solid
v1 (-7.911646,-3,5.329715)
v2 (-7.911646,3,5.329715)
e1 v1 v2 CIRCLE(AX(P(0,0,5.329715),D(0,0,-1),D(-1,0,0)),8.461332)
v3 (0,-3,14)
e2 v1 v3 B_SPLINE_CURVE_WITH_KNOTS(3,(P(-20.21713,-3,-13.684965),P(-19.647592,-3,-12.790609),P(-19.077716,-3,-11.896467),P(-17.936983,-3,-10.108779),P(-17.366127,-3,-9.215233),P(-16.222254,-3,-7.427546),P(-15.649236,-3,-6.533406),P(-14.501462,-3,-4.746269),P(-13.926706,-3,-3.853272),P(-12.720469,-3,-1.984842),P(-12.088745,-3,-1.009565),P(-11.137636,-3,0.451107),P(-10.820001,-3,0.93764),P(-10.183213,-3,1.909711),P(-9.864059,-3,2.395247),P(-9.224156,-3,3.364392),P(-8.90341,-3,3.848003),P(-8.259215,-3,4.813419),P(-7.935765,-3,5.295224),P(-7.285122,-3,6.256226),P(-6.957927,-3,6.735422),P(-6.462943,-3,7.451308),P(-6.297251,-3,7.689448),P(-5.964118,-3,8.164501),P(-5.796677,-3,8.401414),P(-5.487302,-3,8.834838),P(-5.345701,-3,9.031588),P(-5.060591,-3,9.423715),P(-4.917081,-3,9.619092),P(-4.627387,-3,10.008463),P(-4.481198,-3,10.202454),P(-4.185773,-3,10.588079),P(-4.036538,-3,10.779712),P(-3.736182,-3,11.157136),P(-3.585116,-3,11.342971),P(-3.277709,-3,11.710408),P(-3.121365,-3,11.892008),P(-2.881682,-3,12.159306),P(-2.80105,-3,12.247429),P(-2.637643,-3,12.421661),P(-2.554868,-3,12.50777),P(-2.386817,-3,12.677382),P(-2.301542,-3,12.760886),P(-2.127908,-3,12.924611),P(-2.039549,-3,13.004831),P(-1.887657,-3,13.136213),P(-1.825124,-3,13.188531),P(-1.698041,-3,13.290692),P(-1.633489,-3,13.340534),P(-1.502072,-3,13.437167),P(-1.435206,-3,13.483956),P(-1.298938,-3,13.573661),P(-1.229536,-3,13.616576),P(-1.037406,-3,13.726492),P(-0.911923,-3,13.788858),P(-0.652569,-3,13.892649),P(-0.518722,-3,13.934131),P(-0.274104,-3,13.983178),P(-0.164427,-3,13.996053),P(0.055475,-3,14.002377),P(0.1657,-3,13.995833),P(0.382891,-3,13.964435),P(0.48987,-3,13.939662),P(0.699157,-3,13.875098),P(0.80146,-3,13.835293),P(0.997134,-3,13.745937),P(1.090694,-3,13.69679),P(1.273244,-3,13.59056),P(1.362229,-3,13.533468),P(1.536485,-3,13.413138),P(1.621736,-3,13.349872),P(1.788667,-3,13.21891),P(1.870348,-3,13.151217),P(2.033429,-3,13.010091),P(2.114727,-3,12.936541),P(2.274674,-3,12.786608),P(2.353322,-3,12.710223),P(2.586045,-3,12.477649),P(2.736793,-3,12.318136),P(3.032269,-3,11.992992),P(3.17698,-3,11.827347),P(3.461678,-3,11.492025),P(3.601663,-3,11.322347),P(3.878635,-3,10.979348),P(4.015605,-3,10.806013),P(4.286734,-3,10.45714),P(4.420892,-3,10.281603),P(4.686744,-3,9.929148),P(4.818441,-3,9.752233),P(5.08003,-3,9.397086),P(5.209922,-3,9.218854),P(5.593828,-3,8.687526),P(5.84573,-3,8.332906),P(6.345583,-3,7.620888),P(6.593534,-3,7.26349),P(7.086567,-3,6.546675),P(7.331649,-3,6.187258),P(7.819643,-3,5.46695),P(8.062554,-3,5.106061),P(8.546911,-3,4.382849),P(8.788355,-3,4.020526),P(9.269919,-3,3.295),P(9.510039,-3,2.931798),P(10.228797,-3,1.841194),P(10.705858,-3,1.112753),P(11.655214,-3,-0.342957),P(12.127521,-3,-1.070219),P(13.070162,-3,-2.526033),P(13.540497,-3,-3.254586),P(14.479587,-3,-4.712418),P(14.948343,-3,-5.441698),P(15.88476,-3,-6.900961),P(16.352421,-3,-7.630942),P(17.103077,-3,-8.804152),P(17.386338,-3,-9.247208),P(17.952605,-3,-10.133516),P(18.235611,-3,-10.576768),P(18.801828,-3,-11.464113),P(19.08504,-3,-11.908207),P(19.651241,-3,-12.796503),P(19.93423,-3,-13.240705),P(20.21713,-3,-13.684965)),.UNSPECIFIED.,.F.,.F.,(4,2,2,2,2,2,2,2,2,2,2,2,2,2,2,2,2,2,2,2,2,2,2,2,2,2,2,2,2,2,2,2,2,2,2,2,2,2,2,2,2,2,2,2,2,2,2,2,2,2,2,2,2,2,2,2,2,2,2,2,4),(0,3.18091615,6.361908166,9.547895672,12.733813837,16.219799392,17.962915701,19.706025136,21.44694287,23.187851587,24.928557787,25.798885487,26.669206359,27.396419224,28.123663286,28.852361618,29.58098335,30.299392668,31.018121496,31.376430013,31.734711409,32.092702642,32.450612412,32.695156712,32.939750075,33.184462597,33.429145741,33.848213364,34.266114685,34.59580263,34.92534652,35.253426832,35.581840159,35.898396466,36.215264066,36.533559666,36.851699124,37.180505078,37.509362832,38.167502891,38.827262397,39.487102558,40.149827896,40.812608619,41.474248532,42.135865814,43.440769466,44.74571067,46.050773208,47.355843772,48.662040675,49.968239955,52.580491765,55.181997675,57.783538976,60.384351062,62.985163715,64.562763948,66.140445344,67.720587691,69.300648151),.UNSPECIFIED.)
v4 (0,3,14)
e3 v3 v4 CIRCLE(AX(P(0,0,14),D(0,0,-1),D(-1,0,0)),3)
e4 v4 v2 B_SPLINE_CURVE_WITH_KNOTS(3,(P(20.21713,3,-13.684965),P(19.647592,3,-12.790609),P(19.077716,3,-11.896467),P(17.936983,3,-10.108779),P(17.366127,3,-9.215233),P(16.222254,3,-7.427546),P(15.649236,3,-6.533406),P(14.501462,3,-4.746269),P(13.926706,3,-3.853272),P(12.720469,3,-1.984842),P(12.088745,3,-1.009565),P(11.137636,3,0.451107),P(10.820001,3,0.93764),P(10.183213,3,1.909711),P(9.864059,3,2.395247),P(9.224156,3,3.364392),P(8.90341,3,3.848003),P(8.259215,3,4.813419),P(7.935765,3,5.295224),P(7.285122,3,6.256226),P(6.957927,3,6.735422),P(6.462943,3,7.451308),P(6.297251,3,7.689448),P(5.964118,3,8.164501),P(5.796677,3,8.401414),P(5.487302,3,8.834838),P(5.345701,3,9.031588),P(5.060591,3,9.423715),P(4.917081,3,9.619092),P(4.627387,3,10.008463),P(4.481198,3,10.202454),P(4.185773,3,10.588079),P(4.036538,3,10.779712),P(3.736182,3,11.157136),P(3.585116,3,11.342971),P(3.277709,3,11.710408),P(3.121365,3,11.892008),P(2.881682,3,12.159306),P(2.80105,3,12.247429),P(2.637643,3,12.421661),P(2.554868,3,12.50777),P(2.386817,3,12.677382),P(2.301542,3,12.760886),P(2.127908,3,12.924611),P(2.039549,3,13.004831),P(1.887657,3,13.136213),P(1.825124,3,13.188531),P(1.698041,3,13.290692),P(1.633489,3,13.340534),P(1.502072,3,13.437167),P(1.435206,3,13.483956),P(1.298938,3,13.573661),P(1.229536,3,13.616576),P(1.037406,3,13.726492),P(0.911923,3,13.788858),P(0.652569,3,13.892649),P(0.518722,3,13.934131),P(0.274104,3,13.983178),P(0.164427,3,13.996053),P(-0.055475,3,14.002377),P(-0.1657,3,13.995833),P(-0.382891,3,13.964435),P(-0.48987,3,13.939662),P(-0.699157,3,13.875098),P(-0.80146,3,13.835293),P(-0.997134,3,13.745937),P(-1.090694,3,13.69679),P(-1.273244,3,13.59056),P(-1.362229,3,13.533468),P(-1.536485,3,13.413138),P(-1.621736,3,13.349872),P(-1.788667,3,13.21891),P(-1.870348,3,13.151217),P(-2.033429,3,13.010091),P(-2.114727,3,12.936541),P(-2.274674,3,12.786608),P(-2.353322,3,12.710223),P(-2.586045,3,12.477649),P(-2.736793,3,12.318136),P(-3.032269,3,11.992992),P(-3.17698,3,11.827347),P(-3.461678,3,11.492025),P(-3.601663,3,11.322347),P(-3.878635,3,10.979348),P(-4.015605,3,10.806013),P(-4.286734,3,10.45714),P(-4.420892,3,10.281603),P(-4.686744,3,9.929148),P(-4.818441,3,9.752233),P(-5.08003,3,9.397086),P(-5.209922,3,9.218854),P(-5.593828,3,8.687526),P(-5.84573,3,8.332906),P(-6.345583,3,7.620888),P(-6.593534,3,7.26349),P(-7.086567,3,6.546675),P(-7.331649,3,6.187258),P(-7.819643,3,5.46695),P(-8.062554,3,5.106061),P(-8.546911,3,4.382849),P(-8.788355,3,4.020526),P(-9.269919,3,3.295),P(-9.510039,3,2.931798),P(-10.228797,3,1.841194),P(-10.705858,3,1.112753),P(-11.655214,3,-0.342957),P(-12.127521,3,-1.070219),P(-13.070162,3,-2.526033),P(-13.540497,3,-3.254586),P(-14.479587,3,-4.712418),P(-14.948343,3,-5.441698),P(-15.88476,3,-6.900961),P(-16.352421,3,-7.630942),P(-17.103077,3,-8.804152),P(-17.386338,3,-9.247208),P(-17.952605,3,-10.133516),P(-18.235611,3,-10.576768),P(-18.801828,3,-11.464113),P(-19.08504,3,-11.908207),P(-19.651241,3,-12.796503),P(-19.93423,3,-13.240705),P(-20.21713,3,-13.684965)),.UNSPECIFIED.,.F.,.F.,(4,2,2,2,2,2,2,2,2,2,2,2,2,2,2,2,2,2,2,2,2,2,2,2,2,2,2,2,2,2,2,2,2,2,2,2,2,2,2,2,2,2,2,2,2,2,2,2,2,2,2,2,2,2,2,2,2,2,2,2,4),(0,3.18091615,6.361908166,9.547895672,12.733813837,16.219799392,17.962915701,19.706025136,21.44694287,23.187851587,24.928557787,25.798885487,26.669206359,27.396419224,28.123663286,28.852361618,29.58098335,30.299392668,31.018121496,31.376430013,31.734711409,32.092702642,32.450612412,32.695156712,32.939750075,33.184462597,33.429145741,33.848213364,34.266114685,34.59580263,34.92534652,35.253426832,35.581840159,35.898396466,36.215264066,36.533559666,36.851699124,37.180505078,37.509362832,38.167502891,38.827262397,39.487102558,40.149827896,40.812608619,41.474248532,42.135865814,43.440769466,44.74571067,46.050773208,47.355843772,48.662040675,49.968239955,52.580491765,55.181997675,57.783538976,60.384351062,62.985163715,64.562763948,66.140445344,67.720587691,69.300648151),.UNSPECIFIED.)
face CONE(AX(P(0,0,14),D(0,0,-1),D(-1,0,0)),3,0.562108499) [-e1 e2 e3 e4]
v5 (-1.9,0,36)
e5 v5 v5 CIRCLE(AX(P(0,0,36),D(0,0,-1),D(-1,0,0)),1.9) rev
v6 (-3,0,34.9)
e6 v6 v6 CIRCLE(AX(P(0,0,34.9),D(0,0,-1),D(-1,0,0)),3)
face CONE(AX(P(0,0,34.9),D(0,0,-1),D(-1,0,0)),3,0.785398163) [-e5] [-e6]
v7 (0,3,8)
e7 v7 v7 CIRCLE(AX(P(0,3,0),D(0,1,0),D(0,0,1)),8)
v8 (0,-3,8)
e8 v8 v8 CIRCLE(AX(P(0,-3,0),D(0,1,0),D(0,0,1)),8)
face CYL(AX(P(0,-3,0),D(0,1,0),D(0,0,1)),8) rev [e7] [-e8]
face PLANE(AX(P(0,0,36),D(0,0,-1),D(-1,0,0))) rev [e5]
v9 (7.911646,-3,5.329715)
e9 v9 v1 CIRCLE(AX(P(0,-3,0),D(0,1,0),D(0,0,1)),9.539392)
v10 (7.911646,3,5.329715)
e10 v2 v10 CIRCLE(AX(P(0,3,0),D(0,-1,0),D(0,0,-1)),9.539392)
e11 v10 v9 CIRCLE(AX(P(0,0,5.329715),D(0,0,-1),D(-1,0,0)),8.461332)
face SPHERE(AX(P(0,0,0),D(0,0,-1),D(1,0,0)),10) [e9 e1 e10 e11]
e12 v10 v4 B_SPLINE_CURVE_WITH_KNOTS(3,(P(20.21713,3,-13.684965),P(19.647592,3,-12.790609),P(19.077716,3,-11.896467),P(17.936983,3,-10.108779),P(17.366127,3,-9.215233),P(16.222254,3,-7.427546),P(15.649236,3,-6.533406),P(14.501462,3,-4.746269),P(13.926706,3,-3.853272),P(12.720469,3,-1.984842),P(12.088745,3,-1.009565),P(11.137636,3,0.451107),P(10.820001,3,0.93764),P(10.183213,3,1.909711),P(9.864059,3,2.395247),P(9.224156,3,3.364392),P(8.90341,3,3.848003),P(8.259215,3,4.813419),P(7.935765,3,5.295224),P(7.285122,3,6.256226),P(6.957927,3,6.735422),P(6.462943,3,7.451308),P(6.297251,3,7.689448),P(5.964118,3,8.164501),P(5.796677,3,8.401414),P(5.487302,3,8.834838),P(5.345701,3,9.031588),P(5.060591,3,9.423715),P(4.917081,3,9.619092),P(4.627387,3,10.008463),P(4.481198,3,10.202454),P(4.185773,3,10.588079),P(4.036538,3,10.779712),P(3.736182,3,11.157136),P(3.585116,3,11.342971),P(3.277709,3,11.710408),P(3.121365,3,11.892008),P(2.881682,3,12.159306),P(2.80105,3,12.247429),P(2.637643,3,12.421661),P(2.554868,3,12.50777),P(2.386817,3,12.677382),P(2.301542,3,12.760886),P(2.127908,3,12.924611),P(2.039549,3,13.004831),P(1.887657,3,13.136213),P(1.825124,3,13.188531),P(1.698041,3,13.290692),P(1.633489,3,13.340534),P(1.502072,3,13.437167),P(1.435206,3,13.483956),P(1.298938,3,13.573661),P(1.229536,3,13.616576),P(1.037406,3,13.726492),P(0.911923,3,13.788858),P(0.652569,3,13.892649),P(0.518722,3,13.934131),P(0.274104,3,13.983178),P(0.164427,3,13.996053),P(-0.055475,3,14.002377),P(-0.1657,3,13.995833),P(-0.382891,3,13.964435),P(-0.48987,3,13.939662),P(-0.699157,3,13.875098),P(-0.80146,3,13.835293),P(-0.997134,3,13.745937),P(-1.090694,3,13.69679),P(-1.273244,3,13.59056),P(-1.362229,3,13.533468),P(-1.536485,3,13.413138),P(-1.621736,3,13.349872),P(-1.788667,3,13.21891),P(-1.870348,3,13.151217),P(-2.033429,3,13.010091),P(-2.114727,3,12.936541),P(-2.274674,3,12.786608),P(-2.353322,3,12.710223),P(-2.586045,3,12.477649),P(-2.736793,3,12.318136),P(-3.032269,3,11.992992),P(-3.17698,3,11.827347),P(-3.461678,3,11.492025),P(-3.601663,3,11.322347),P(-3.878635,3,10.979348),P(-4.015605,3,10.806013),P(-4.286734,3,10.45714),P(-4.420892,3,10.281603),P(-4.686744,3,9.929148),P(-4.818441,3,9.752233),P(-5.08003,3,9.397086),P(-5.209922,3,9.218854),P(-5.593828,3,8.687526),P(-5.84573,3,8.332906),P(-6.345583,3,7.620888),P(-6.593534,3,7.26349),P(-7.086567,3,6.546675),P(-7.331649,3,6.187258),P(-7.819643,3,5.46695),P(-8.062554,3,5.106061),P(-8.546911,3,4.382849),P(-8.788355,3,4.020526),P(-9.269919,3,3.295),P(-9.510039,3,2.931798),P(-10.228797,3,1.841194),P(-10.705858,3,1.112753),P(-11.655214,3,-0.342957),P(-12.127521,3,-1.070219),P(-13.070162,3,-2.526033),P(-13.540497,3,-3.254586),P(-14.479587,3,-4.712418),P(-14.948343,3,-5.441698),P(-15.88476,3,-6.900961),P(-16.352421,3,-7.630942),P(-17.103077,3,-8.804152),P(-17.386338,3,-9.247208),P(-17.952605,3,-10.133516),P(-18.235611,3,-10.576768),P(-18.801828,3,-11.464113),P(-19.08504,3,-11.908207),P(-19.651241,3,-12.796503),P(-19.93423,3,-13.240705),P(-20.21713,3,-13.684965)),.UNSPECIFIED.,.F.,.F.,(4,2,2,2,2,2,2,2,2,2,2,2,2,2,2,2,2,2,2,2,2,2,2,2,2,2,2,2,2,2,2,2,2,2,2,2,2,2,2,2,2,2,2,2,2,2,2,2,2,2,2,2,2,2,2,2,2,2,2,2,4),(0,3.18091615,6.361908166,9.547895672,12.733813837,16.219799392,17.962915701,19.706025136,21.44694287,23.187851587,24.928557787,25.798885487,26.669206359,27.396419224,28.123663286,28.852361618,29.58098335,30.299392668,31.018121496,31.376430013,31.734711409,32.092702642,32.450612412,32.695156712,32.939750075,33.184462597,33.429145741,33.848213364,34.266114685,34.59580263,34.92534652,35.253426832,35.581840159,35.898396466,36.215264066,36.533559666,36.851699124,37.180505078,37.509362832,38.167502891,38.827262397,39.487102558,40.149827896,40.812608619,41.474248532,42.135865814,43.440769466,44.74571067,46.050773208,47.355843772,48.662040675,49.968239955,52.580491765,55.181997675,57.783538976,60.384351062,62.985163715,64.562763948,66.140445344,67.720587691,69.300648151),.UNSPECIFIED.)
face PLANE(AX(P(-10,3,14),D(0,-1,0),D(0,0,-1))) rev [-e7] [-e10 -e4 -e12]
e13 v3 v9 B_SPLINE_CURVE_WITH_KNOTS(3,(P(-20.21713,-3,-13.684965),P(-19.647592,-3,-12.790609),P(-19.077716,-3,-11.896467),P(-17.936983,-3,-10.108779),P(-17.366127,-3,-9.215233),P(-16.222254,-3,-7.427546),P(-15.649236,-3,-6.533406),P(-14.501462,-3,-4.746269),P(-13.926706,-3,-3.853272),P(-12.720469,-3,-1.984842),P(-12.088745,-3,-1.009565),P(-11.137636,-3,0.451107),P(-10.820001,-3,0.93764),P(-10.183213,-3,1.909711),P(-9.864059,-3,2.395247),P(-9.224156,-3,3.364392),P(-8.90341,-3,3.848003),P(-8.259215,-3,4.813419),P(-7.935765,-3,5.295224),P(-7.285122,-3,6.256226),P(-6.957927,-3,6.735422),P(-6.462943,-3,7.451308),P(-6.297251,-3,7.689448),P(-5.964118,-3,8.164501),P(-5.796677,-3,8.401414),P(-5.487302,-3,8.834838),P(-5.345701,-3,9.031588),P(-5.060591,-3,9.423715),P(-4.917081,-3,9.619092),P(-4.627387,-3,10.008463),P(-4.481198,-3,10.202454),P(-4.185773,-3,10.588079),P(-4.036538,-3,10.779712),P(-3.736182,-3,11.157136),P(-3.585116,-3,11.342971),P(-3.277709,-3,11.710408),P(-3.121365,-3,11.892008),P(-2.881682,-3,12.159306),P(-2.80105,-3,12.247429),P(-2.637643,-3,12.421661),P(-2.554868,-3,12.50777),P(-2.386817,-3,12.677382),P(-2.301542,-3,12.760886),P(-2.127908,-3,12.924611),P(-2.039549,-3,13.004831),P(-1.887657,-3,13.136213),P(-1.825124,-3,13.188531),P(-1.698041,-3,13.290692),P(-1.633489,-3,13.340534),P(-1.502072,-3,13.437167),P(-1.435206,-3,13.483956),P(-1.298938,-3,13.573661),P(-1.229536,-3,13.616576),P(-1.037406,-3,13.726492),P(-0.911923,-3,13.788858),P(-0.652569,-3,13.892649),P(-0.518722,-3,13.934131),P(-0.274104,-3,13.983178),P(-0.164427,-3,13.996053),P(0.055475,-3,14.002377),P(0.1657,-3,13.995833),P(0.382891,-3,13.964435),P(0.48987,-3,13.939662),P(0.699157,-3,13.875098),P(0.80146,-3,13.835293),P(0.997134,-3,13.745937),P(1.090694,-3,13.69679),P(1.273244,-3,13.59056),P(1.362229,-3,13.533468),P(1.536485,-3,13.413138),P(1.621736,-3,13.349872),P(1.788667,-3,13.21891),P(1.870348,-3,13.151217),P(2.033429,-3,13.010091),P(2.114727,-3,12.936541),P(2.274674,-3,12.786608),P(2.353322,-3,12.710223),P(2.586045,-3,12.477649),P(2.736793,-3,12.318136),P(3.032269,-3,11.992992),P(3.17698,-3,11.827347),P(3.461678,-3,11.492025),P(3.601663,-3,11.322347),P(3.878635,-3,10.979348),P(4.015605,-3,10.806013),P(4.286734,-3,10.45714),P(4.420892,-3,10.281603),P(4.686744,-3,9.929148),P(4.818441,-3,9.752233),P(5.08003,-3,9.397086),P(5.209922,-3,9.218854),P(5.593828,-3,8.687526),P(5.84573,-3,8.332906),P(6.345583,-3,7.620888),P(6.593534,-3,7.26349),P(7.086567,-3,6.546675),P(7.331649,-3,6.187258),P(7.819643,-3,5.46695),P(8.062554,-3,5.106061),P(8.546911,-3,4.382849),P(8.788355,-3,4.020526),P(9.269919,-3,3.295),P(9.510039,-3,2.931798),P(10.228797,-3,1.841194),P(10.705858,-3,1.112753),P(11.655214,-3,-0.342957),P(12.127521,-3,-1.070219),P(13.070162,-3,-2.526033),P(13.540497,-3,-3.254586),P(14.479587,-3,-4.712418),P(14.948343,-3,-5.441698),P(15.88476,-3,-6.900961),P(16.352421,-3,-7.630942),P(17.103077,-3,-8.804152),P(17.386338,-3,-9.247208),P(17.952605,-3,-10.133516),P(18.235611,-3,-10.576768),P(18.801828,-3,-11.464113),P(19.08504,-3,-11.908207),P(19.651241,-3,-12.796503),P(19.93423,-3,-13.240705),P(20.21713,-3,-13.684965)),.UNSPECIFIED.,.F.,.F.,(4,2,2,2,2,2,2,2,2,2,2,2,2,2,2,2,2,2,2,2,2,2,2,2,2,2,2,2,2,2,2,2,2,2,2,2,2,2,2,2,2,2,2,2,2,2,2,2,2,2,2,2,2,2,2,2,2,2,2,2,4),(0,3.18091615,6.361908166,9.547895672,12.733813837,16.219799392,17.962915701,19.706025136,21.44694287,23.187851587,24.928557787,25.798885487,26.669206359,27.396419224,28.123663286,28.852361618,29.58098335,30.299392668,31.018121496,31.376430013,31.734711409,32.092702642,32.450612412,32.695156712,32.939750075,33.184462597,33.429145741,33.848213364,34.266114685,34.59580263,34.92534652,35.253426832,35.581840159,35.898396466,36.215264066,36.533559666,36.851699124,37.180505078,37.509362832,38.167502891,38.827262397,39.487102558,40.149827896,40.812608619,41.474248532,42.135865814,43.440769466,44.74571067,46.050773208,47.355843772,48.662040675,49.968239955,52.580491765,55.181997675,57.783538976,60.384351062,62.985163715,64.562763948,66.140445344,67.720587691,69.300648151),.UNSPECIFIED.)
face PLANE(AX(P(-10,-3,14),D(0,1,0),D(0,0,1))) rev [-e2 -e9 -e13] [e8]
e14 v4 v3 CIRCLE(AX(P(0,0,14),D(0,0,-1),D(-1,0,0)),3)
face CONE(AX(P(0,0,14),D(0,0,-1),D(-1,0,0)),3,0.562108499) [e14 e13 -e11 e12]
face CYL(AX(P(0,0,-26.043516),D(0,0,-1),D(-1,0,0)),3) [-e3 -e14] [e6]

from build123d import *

# Parameters (mm, degrees)
SZKIC1_W                        = 3
SZKIC1_H                        = 22
WYTNIJ_WYCI_GNI_CIE1_DEPTH      = 11
WYTNIJ_WYCI_GNI_CIE1_DEPTH_BACK = 11
SZKIC3_R                        = 8
WYTNIJ_WYCI_GNI_CIE2_DEPTH      = 4
WYTNIJ_WYCI_GNI_CIE2_DEPTH_BACK = 4
SFAZOWANIE1_SIZE                = 1.1


with BuildPart() as part:
    # Szkic1 → Obrót1 (revolve)
    with BuildSketch(Plane(origin=(0, 0, 0), x_dir=(1, 0, 0), z_dir=(0, 1, 0))):
        with BuildLine():
            Line((0, 10), (0, -14))
            Line((0, -14), (3, -14))
            Line((3, -14), (8.46133223, -5.329714522))
            ThreePointArc((8.46133223, -5.329714522), (8.754917053, 4.832331465), (0, 10))
        make_face()
        with Locations((1.5, -25)):
            Rectangle(SZKIC1_W, SZKIC1_H)
    revolve(axis=Axis((0, 0, -26.043516498), (0, 0, 1)))

    # Szkic2 → Wytnij-wyciągnięcie1 (cut, two sides)
    with BuildSketch(Plane(origin=(0, 0, 0), x_dir=(0, 0, -1), z_dir=(1, 0, 0))) as wytnij_wyci_gni_cie1_sk:
        with BuildLine():
            Line((-14, 3), (9.539392014, 3))
            ThreePointArc((9.539392014, 3), (3.447736008, 9.386858709), (-5.329714522, 8.46133223))
            Line((-5.329714522, 8.46133223), (-14, 3))
        make_face()
        with BuildLine():
            Line((-14, -3), (9.539392014, -3))
            ThreePointArc((9.539392014, -3), (3.447736008, -9.386858709), (-5.329714522, -8.46133223))
            Line((-5.329714522, -8.46133223), (-14, -3))
        make_face()
    extrude(amount=WYTNIJ_WYCI_GNI_CIE1_DEPTH, mode=Mode.SUBTRACT)
    extrude(wytnij_wyci_gni_cie1_sk.sketch, amount=-WYTNIJ_WYCI_GNI_CIE1_DEPTH_BACK, mode=Mode.SUBTRACT)

    # Szkic3 → Wytnij-wyciągnięcie2 (cut, two sides)
    with BuildSketch(Plane(origin=(0, 0, 0), x_dir=(1, 0, 0), z_dir=(0, 1, 0))) as wytnij_wyci_gni_cie2_sk:
        Circle(SZKIC3_R)
    extrude(amount=WYTNIJ_WYCI_GNI_CIE2_DEPTH, mode=Mode.SUBTRACT)
    extrude(wytnij_wyci_gni_cie2_sk.sketch, amount=-WYTNIJ_WYCI_GNI_CIE2_DEPTH_BACK, mode=Mode.SUBTRACT)

    # Sfazowanie1
    sfazowanie1_edges = [part.edges().sort_by_distance(p)[0] for p in [
        (-3, 0, 36),
    ]]
    chamfer(sfazowanie1_edges, length=SFAZOWANIE1_SIZE)


solid = part.part
